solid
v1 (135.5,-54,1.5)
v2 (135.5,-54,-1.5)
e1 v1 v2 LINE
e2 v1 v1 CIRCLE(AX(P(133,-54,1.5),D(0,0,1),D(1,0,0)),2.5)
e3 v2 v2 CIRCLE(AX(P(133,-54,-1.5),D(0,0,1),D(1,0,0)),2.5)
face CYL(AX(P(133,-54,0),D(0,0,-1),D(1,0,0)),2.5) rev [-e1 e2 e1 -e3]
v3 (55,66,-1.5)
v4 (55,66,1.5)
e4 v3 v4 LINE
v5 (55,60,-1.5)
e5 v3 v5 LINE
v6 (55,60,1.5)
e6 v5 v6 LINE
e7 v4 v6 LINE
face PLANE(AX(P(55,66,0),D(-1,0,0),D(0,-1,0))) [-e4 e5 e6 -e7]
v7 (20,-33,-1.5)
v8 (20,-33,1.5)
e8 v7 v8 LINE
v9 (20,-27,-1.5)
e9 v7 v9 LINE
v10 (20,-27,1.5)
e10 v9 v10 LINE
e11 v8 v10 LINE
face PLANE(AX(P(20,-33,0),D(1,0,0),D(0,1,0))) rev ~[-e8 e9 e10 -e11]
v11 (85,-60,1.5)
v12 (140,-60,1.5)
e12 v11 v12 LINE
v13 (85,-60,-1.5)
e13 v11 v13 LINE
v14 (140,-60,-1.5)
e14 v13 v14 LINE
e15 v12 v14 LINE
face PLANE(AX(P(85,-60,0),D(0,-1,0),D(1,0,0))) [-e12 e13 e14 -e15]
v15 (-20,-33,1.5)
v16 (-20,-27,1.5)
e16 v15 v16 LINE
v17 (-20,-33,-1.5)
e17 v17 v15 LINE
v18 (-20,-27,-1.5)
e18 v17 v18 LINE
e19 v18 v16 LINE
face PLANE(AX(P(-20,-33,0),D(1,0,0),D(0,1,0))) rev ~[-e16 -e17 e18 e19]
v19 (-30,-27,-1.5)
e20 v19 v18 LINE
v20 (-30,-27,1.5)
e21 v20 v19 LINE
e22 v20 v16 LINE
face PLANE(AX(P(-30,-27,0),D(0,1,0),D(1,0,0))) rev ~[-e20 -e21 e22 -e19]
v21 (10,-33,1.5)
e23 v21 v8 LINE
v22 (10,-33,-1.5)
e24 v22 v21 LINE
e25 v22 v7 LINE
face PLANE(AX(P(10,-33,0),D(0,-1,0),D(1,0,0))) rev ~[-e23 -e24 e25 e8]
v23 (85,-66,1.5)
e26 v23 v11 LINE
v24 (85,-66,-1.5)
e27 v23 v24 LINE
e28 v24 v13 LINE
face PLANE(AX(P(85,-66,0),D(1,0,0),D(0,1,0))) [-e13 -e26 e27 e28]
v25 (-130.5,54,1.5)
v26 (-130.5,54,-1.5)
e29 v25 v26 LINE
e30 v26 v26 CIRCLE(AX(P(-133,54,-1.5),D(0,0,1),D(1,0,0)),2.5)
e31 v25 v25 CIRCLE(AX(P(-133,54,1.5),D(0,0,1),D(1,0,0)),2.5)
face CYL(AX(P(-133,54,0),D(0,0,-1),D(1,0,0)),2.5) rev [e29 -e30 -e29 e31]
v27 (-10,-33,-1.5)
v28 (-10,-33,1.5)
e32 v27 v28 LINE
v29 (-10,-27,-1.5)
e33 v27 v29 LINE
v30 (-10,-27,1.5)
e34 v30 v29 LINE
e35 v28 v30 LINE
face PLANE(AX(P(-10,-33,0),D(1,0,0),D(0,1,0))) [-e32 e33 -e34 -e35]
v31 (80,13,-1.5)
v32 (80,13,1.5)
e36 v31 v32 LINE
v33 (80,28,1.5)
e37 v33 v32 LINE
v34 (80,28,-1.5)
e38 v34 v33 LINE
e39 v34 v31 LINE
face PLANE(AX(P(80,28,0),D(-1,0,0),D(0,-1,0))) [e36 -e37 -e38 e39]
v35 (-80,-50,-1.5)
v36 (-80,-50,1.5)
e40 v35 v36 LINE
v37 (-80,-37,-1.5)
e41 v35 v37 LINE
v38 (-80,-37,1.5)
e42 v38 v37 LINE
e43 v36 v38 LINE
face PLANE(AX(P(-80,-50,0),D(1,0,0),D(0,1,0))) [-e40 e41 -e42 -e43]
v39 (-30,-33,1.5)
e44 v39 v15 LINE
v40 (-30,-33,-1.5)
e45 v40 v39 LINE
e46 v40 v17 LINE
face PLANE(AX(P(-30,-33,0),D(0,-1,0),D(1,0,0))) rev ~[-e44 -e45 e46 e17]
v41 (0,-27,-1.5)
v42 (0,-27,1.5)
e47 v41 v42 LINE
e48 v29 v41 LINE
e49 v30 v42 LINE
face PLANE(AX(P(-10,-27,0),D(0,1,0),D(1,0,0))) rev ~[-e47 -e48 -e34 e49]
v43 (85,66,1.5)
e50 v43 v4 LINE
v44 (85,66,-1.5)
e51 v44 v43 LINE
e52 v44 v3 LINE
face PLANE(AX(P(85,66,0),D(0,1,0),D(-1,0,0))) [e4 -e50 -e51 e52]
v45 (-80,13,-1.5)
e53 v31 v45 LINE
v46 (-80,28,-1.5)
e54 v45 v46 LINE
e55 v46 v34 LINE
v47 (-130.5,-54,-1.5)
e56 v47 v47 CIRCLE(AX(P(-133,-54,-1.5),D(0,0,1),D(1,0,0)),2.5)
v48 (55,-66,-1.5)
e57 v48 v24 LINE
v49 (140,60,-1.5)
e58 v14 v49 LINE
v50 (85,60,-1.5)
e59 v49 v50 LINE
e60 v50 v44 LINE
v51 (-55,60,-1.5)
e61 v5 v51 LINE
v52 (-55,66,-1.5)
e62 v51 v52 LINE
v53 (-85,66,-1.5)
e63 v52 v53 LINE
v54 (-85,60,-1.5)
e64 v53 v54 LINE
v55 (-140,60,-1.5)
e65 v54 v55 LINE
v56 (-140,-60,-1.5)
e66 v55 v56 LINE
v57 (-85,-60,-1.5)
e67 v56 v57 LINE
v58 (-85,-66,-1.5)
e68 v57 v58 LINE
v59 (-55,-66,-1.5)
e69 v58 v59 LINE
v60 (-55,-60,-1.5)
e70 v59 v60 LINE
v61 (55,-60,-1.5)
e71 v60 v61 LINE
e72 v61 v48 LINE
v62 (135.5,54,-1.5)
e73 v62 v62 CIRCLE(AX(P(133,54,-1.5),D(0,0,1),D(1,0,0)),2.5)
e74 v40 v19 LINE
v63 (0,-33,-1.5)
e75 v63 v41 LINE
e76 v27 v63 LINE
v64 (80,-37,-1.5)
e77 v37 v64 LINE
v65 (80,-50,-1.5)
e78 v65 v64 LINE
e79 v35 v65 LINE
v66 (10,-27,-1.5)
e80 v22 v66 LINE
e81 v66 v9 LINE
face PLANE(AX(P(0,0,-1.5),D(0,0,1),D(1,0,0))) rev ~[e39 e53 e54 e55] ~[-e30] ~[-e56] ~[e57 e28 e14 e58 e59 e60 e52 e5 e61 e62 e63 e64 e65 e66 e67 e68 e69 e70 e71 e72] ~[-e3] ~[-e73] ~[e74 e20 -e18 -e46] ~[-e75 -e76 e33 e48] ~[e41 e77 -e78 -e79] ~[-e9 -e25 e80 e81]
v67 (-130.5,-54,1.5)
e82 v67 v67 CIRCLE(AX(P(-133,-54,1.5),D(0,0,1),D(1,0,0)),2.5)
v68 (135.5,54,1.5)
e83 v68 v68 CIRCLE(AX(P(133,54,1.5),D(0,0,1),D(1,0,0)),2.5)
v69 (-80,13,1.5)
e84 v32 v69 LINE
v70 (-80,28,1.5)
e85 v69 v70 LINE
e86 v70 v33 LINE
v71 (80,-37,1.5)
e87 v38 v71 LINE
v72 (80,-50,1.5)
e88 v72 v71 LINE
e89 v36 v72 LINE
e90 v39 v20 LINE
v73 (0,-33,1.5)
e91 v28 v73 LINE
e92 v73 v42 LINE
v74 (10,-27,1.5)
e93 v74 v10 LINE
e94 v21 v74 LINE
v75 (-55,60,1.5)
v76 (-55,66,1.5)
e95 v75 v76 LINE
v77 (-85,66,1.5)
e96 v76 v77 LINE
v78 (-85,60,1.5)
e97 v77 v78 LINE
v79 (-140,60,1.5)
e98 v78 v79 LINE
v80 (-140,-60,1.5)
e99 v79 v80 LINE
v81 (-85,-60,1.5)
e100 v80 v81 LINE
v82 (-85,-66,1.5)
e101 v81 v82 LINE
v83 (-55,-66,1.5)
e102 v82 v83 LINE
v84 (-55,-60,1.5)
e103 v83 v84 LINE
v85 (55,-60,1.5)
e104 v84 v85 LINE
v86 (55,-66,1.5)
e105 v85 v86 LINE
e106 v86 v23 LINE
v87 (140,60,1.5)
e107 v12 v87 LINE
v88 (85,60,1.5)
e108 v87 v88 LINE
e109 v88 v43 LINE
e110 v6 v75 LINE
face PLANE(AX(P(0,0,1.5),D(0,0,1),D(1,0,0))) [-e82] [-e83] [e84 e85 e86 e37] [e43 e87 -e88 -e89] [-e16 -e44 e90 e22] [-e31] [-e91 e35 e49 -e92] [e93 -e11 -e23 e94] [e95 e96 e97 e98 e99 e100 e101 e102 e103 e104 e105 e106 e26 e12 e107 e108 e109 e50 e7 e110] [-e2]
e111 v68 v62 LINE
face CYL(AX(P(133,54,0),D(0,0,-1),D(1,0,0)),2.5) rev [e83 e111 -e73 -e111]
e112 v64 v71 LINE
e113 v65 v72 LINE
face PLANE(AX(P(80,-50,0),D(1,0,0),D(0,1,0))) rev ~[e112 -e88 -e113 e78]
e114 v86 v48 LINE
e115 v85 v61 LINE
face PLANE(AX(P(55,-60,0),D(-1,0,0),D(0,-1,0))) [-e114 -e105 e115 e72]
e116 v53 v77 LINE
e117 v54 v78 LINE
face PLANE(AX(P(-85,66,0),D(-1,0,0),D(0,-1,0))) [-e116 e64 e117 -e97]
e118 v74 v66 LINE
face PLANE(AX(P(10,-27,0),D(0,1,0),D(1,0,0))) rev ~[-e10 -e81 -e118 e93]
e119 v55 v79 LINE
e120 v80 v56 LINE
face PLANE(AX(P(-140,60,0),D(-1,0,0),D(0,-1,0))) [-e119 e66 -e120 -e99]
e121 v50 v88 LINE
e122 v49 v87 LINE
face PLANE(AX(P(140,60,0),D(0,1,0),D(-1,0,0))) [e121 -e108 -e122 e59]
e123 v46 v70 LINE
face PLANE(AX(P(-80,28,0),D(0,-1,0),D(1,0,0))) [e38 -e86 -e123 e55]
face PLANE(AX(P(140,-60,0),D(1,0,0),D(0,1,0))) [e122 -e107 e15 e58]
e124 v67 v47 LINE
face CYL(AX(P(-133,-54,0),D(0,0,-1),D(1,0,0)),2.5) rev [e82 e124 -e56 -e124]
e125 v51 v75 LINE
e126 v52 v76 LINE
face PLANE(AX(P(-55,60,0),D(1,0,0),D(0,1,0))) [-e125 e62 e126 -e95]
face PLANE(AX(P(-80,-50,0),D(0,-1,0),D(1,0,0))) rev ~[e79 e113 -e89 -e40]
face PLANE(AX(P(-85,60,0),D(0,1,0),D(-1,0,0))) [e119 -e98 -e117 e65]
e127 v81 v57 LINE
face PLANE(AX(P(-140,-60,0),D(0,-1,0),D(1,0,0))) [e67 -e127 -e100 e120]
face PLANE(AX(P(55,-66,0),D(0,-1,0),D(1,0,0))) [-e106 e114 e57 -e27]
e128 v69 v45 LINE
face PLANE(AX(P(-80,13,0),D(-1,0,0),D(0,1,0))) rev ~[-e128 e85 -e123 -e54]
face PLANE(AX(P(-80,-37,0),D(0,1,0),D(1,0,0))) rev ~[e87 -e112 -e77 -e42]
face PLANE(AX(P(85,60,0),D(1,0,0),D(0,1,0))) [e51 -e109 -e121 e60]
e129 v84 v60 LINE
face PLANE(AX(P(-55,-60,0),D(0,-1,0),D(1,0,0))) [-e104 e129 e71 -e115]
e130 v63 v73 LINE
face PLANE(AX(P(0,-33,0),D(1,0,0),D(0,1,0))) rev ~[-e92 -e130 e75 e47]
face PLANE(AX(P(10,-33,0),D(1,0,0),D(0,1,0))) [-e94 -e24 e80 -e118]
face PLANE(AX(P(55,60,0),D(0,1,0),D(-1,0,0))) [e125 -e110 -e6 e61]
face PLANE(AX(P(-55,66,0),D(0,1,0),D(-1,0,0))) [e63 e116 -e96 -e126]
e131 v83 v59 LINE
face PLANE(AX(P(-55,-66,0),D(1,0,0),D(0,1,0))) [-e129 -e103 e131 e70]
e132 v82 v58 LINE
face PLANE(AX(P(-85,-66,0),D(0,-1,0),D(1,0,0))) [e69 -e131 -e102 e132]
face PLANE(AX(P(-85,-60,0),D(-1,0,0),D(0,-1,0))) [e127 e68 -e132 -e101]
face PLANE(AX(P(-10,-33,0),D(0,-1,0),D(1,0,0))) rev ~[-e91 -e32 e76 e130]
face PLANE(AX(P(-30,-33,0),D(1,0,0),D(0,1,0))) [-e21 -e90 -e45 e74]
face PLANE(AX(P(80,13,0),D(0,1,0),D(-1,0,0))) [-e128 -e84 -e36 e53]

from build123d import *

# Parameters (mm, degrees)
F0_R     = 2.5
F0_W     = 10
F0_H     = 6
F0_W_2   = 160
F0_H_2   = 13
F1_DEPTH = 1.5


with BuildPart() as f1:
    # F0 (on Top) → F1 (new body, symmetric)
    with BuildSketch(Plane.XY):
        Polygon((140, -60), (140, 60), (85, 60), (85, 66), (55, 66), (55, 60), (-55, 60), (-55, 66), (-85, 66), (-85, 60), (-140, 60), (-140, -60), (-85, -60), (-85, -66), (-55, -66), (-55, -60), (55, -60), (55, -66), (85, -66), (85, -60), align=None)
        with Locations((-133, -54)):
            Circle(F0_R, mode=Mode.SUBTRACT)
        with Locations((-25, -30)):
            Rectangle(F0_W, F0_H, mode=Mode.SUBTRACT)
        with Locations((-5, -30)):
            Rectangle(F0_W, F0_H, mode=Mode.SUBTRACT)
        with Locations((0, -43.5)):
            Rectangle(F0_W_2, F0_H_2, mode=Mode.SUBTRACT)
        with Locations((133, -54)):
            Circle(F0_R, mode=Mode.SUBTRACT)
        with Locations((15, -30)):
            Rectangle(F0_W, F0_H, mode=Mode.SUBTRACT)
        with Locations((-133, 54)):
            Circle(F0_R, mode=Mode.SUBTRACT)
        Polygon((80, 13), (0, 13), (-80, 13), (-80, 23), (-80, 28), (80, 28), (80, 23), align=None, mode=Mode.SUBTRACT)
        with Locations((133, 54)):
            Circle(F0_R, mode=Mode.SUBTRACT)
    extrude(amount=F1_DEPTH, both=True)


solid = f1.part
